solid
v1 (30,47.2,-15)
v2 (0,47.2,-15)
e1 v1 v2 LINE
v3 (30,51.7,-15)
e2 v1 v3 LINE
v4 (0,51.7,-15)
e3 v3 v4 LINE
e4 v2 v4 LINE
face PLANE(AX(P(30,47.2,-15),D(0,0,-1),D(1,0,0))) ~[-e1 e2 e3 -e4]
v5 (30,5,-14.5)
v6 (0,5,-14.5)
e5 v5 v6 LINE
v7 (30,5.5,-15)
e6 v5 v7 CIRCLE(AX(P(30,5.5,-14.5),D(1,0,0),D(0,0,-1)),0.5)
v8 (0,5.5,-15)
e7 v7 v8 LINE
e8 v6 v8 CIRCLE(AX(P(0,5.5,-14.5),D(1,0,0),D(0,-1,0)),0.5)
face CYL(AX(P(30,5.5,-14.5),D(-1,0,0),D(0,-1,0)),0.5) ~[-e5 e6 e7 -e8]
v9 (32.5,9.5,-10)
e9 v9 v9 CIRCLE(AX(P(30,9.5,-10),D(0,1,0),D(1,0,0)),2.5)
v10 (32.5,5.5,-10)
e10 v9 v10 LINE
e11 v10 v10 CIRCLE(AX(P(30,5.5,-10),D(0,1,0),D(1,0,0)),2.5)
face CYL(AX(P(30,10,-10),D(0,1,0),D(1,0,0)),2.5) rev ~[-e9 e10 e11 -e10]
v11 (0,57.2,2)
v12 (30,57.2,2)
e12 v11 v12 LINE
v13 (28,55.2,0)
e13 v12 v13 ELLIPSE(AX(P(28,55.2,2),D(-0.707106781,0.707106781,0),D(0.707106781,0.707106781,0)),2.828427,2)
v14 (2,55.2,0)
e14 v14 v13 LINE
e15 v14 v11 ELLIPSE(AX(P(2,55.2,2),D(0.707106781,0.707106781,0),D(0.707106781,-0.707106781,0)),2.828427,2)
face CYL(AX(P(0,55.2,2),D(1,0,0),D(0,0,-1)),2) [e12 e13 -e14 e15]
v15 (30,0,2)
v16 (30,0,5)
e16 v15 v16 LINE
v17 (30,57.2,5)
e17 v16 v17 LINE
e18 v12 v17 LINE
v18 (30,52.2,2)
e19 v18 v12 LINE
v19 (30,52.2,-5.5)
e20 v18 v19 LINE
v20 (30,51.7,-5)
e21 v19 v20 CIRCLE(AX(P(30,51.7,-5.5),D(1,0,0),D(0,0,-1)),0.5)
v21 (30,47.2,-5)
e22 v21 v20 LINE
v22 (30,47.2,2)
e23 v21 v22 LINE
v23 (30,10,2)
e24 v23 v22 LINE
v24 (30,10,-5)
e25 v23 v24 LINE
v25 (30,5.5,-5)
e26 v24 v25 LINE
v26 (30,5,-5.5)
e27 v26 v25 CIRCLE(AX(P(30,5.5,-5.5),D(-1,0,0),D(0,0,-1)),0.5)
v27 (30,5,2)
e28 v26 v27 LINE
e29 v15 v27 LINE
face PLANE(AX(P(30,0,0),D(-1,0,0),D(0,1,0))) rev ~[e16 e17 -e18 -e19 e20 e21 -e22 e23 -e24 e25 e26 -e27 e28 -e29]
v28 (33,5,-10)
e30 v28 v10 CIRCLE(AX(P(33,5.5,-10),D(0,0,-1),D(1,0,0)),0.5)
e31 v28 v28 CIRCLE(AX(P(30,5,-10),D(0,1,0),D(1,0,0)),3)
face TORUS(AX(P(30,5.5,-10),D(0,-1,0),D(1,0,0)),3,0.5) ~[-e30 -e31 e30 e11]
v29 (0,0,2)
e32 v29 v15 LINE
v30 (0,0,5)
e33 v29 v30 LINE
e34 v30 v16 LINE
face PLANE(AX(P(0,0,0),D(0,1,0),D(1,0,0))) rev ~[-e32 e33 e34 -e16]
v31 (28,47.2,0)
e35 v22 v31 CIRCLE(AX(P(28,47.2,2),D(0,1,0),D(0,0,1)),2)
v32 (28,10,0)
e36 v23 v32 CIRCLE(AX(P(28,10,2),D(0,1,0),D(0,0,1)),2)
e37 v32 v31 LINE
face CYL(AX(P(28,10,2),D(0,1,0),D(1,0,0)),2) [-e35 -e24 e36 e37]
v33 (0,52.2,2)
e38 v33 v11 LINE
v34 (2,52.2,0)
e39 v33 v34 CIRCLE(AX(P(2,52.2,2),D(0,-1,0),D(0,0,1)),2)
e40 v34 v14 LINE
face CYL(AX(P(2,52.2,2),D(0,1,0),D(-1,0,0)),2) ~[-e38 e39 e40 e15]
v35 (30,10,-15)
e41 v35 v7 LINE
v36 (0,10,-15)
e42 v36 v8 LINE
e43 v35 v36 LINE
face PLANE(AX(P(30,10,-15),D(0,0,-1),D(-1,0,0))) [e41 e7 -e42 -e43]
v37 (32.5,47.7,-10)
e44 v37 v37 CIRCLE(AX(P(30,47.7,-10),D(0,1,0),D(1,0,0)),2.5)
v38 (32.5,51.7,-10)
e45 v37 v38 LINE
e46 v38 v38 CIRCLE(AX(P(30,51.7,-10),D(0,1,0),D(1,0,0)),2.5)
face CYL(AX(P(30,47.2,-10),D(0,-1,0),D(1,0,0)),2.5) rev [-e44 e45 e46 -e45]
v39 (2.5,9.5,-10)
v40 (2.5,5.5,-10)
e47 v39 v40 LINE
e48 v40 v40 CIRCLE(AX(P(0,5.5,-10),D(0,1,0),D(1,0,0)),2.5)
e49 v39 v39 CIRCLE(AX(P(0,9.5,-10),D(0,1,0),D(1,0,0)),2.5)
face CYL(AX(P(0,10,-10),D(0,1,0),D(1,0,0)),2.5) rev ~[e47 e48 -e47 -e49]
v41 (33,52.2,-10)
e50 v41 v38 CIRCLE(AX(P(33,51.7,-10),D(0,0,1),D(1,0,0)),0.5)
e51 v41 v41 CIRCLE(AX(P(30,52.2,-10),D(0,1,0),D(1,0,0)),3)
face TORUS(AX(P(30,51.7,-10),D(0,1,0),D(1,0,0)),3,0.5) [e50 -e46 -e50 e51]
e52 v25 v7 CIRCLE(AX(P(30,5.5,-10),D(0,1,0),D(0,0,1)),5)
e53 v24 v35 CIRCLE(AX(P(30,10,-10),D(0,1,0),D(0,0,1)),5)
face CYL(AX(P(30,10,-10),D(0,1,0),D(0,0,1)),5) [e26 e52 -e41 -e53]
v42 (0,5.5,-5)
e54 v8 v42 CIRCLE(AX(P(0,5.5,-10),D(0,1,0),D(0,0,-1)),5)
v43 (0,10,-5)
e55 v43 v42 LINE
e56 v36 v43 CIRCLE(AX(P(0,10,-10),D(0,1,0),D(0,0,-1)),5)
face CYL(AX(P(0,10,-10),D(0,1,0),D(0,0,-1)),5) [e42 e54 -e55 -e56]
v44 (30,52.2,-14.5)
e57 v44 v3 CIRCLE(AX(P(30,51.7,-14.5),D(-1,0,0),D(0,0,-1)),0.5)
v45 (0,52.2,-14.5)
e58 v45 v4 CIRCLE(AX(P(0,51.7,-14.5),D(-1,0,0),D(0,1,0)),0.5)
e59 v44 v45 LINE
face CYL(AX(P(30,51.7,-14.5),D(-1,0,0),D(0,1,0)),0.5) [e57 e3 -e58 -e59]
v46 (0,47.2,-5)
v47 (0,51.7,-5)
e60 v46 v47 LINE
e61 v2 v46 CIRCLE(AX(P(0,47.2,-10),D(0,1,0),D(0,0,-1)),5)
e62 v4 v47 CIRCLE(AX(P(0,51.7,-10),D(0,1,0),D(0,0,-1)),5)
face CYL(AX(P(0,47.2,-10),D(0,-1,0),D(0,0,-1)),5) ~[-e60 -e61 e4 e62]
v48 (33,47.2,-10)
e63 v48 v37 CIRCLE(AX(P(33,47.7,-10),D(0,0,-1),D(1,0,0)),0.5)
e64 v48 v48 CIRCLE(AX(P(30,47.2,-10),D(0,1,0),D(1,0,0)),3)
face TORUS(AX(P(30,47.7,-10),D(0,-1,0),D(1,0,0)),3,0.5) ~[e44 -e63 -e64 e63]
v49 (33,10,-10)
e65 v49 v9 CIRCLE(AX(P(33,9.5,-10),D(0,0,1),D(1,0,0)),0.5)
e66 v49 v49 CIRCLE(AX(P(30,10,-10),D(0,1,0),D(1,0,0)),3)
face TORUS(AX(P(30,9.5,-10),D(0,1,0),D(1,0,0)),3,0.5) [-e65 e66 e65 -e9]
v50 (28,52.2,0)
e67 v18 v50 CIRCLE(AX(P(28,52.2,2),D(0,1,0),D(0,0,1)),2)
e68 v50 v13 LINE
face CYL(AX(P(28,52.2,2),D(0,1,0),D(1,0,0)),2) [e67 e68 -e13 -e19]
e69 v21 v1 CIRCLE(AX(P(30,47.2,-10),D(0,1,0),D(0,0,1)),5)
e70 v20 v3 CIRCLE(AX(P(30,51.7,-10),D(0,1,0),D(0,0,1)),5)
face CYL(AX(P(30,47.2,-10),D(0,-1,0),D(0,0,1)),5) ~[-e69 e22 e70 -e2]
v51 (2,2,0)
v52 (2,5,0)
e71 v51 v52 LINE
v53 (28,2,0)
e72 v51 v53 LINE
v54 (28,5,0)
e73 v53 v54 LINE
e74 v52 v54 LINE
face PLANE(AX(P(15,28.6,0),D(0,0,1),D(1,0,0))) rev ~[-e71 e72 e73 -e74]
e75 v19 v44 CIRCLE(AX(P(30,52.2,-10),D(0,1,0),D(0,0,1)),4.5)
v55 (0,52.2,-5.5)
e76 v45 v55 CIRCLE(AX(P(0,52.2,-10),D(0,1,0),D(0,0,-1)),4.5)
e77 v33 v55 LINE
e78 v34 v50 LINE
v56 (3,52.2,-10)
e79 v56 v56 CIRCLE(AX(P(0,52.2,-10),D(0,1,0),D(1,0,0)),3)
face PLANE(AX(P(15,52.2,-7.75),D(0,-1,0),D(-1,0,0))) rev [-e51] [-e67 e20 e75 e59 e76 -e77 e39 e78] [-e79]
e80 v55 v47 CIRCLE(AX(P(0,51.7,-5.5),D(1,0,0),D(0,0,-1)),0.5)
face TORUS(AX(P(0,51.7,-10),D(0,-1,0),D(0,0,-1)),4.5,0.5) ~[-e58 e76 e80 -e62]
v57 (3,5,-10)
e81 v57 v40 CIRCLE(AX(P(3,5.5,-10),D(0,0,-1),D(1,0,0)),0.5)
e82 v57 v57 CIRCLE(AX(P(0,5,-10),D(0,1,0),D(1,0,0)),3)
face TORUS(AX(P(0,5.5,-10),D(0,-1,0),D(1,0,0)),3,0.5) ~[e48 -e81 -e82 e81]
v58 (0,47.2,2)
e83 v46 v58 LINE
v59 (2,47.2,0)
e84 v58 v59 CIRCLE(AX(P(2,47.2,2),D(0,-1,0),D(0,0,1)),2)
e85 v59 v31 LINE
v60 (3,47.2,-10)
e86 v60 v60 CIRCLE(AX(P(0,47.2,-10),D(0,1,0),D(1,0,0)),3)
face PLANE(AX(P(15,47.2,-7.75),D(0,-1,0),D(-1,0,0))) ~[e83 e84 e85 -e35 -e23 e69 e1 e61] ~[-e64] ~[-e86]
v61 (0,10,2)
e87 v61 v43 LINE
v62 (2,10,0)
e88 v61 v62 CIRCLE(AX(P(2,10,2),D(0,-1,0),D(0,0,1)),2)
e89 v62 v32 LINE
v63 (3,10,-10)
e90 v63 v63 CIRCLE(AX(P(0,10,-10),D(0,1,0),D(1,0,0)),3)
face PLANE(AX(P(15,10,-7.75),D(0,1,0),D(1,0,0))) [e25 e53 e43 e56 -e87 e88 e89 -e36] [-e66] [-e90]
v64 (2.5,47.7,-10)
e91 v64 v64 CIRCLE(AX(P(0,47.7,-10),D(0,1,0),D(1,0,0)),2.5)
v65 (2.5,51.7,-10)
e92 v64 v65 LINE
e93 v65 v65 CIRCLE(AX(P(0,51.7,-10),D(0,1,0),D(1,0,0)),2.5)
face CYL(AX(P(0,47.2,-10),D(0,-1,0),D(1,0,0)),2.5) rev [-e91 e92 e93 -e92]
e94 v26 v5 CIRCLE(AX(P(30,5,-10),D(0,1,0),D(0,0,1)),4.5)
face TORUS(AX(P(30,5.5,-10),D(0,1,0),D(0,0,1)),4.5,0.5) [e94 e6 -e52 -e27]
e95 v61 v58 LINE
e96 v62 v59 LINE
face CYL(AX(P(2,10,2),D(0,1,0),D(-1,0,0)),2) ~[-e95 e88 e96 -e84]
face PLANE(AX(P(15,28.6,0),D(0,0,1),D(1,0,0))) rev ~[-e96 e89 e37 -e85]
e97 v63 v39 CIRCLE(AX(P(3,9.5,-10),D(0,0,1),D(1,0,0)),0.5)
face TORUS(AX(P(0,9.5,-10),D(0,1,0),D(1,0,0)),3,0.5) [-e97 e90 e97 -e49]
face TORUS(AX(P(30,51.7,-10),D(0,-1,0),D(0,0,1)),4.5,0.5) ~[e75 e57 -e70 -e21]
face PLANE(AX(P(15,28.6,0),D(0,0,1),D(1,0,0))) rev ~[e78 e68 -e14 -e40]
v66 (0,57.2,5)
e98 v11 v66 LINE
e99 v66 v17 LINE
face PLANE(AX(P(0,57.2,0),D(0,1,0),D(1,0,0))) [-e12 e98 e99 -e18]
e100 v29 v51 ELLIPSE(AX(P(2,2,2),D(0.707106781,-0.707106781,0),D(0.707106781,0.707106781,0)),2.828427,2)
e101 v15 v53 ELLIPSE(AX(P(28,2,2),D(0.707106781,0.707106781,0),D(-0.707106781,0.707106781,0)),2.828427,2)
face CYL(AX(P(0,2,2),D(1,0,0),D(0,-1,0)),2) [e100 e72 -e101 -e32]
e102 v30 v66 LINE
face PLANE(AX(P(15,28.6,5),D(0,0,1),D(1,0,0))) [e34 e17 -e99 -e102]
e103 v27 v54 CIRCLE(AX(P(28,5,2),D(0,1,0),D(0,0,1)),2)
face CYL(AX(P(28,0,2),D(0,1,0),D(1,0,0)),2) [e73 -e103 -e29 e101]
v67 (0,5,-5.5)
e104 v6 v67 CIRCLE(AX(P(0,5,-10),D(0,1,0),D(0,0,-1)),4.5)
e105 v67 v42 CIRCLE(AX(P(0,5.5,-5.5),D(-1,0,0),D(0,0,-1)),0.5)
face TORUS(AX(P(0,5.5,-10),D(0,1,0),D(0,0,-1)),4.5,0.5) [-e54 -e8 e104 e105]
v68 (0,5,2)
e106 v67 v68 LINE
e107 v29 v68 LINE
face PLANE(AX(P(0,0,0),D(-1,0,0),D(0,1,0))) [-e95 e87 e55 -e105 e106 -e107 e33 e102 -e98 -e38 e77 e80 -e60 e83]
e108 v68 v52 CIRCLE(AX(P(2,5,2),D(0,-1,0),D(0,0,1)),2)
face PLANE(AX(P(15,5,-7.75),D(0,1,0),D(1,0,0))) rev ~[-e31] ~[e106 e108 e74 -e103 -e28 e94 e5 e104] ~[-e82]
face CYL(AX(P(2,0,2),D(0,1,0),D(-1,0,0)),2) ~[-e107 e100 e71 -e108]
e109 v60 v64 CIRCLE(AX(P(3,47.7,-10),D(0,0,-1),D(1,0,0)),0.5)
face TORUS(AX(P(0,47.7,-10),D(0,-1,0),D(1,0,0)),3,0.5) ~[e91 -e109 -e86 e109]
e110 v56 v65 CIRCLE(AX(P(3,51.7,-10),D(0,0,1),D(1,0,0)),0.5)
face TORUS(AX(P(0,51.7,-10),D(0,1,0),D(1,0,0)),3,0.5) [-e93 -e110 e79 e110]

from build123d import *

# Parameters (mm, degrees)
SKETCH1_W           = 30
SKETCH1_H           = 57.2
BOSS_EXTRUDE2_DEPTH = 5
SKETCH3_R           = 2.5
BOSS_EXTRUDE3_DEPTH = 5
FILLET1_R           = 0.5
FILLET2_R           = 2


with BuildPart() as part:
    # Sketch1 → Boss-Extrude2 (new body)
    with BuildSketch(Plane.XY):
        with Locations((15, 28.6)):
            Rectangle(SKETCH1_W, SKETCH1_H)
    extrude(amount=BOSS_EXTRUDE2_DEPTH)

    # Sketch3 → Boss-Extrude3 (add)
    with BuildSketch(Plane(origin=(0, 10, 0), x_dir=(1, 0, 0), z_dir=(0, 1, 0))):
        with BuildLine():
            Line((30, 15), (0, 15))
            ThreePointArc((0, 15), (-5, 10), (0, 5))
            Line((0, 5), (0, 0))
            Line((0, 0), (30, 0))
            Line((30, 0), (30, 5))
            ThreePointArc((30, 5), (35, 10), (30, 15))
        make_face()
        with Locations((30, 10)):
            Circle(SKETCH3_R, mode=Mode.SUBTRACT)
        with Locations((0, 10)):
            Circle(SKETCH3_R, mode=Mode.SUBTRACT)
    boss_extrude3 = extrude(amount=-BOSS_EXTRUDE3_DEPTH)

    # Mirror1: Boss-Extrude3 across plane
    add(boss_extrude3.mirror(Plane.ZX.offset(28.6)))

    # Fillet1
    fillet1_edges = [part.edges().sort_by_distance(p)[0] for p in [
        (35, 5, -10),
        (-5, 5, -10),
        (15, 5, -15),
        (-2.5, 5, -10),
        (27.5, 5, -10),
        (27.5, 10, -10),
        (-2.5, 10, -10),
        (35, 52.2, -10),
        (15, 52.2, -15),
        (-5, 52.2, -10),
        (27.5, 47.2, -10),
        (-2.5, 47.2, -10),
        (27.5, 52.2, -10),
        (-2.5, 52.2, -10),
    ]]
    fillet(fillet1_edges, radius=FILLET1_R)

    # Fillet2
    fillet2_edges = [part.edges().sort_by_distance(p)[0] for p in [
        (0, 2.5, 0),
        (30, 28.6, 0),
        (0, 28.6, 0),
        (30, 54.7, 0),
        (15, 57.2, 0),
        (30, 2.5, 0),
        (15, 0, 0),
        (0, 54.7, 0),
    ]]
    fillet(fillet2_edges, radius=FILLET2_R)


solid = part.part
